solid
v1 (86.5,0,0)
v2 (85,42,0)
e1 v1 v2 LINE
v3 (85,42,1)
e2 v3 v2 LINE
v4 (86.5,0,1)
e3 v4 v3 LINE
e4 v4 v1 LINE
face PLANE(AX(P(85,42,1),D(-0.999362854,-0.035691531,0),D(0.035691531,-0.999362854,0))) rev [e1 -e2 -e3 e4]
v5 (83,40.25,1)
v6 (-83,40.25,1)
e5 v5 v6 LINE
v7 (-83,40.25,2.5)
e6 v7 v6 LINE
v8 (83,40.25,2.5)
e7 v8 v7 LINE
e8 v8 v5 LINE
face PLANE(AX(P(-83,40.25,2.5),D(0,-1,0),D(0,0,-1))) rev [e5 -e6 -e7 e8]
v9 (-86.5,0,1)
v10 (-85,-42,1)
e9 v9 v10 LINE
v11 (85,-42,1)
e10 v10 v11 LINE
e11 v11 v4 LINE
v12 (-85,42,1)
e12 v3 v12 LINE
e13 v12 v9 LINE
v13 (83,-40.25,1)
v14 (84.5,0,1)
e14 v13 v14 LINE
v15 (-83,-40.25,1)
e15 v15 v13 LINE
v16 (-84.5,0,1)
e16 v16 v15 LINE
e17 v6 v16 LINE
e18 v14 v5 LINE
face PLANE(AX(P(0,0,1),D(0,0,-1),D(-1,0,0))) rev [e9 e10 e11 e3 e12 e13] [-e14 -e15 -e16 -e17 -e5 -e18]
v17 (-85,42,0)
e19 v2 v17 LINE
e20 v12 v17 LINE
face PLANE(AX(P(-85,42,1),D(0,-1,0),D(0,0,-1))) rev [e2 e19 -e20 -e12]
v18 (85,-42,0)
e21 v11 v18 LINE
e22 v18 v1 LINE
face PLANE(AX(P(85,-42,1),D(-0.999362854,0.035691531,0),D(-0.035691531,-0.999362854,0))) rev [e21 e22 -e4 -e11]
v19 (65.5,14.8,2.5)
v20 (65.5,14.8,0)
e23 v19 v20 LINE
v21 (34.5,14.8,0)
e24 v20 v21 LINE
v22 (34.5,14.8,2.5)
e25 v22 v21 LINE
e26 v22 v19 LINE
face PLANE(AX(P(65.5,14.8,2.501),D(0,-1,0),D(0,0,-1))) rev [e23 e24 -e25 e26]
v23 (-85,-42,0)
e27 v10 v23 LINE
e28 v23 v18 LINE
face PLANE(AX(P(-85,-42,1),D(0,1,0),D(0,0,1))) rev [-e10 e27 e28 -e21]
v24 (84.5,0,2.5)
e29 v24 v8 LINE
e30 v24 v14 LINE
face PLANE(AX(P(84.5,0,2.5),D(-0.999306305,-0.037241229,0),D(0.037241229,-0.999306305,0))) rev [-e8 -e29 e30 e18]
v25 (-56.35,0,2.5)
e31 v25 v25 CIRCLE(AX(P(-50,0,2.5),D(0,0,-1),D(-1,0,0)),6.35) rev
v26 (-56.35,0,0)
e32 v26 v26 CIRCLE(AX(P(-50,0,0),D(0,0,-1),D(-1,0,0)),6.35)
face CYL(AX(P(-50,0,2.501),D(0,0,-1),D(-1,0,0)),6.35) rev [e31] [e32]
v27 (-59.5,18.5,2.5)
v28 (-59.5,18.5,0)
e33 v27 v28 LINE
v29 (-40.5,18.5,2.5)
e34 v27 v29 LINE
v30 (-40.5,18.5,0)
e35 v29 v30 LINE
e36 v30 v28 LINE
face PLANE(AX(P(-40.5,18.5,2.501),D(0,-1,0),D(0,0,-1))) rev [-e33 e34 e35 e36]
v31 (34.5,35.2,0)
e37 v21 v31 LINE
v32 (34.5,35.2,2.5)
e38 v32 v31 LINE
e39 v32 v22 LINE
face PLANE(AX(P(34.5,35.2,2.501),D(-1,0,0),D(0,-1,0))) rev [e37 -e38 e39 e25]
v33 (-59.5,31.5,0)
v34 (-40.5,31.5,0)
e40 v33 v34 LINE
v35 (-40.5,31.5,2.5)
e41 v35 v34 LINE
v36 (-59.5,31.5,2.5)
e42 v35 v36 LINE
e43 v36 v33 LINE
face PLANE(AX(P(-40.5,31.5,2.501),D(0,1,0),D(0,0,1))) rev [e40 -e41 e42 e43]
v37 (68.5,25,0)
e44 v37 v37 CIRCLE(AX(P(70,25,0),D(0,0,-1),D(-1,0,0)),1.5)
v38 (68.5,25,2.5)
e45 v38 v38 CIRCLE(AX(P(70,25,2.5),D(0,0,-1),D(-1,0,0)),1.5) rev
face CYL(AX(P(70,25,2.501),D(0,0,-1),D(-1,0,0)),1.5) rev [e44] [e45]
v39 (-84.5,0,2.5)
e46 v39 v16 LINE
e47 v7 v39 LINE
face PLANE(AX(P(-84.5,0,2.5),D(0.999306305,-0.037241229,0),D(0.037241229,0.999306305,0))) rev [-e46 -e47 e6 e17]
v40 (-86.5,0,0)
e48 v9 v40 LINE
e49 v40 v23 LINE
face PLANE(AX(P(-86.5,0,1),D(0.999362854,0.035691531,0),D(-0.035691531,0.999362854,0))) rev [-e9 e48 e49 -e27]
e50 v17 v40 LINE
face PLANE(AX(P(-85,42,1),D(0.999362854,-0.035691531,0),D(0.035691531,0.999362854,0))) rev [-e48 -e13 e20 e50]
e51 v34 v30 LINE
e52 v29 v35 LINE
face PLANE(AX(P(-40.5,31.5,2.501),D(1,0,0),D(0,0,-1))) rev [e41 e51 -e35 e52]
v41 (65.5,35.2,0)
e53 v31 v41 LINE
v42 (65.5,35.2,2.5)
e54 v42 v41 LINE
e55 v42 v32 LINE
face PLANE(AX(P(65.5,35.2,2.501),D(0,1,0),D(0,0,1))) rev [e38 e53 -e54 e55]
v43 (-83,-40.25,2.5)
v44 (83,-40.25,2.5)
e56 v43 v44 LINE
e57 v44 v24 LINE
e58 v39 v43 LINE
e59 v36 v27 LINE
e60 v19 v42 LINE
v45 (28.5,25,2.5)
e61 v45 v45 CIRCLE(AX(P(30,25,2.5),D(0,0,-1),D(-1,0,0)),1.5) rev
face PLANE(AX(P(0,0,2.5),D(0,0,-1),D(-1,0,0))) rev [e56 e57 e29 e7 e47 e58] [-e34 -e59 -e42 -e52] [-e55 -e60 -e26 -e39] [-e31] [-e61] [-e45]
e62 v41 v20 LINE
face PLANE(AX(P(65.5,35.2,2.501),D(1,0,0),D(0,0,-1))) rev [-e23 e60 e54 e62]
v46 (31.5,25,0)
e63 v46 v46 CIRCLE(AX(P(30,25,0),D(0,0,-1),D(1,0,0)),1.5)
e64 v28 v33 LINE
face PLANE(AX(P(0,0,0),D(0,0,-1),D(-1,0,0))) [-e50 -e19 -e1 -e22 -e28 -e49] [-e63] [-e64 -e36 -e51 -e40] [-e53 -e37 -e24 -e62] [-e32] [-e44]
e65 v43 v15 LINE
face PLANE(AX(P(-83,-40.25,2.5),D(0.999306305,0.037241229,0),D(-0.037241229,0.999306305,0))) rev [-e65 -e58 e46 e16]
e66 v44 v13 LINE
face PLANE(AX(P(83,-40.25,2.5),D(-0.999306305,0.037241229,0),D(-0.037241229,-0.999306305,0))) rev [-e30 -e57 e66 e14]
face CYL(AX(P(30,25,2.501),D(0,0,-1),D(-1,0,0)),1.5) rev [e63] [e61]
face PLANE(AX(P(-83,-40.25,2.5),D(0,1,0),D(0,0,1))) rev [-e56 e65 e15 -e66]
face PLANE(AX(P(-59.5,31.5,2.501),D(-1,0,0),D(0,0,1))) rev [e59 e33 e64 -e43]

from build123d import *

# Parameters (mm, degrees)
BOSS_EXTRUDE1_DEPTH = 1
BOSS_EXTRUDE2_DEPTH = 1.5
CUT_EXTRUDE1_REACH  = 98.19
SKETCH3_R           = 1.5
SKETCH3_R_2         = 6.35
SKETCH3_W           = 31
SKETCH3_H           = 20.4
SKETCH3_W_2         = 19
SKETCH3_H_2         = 13


with BuildPart() as part:
    # Sketch1 → Boss-Extrude1 (new body)
    with BuildSketch(Plane.XY):
        Polygon((-85, 42), (85, 42), (86.5, 0), (85, -42), (-85, -42), (-86.5, 0), align=None)
    extrude(amount=BOSS_EXTRUDE1_DEPTH)

    # Sketch2 → Boss-Extrude2 (add)
    with BuildSketch(Plane.XY.offset(1)):
        Polygon((-83, 40.25), (83, 40.25), (84.5, 0), (83, -40.25), (-83, -40.25), (-84.5, 0), align=None)
    extrude(amount=BOSS_EXTRUDE2_DEPTH)

    # Sketch3 → Cut-Extrude1 (cut, up to next)
    with BuildSketch(Plane(origin=(0, 0, 0), x_dir=(-1, 0, 0), z_dir=(0, 0, -1)), mode=Mode.PRIVATE) as cut_extrude1_sk1:
        with Locations((-70, 25)):
            Circle(SKETCH3_R)
    cut_extrude1_tool1 = extrude(cut_extrude1_sk1.sketch, amount=-CUT_EXTRUDE1_REACH, mode=Mode.PRIVATE) & part.part
    # Sketch3 → Cut-Extrude1 (cut, up to next)
    with BuildSketch(Plane(origin=(0, 0, 0), x_dir=(-1, 0, 0), z_dir=(0, 0, -1)), mode=Mode.PRIVATE) as cut_extrude1_sk2:
        with Locations((-30, 25)):
            Circle(SKETCH3_R)
    cut_extrude1_tool2 = extrude(cut_extrude1_sk2.sketch, amount=-CUT_EXTRUDE1_REACH, mode=Mode.PRIVATE) & part.part
    # Sketch3 → Cut-Extrude1 (cut, up to next)
    with BuildSketch(Plane(origin=(0, 0, 0), x_dir=(-1, 0, 0), z_dir=(0, 0, -1)), mode=Mode.PRIVATE) as cut_extrude1_sk3:
        with Locations((50, 0)):
            Circle(SKETCH3_R_2)
    cut_extrude1_tool3 = extrude(cut_extrude1_sk3.sketch, amount=-CUT_EXTRUDE1_REACH, mode=Mode.PRIVATE) & part.part
    # Sketch3 → Cut-Extrude1 (cut, up to next)
    with BuildSketch(Plane(origin=(0, 0, 0), x_dir=(-1, 0, 0), z_dir=(0, 0, -1)), mode=Mode.PRIVATE) as cut_extrude1_sk4:
        with Locations((-50, 25)):
            Rectangle(SKETCH3_W, SKETCH3_H)
    cut_extrude1_tool4 = extrude(cut_extrude1_sk4.sketch, amount=-CUT_EXTRUDE1_REACH, mode=Mode.PRIVATE) & part.part
    # Sketch3 → Cut-Extrude1 (cut, up to next)
    with BuildSketch(Plane(origin=(0, 0, 0), x_dir=(-1, 0, 0), z_dir=(0, 0, -1)), mode=Mode.PRIVATE) as cut_extrude1_sk5:
        with Locations((50, 25)):
            Rectangle(SKETCH3_W_2, SKETCH3_H_2)
    cut_extrude1_tool5 = extrude(cut_extrude1_sk5.sketch, amount=-CUT_EXTRUDE1_REACH, mode=Mode.PRIVATE) & part.part
    add(cut_extrude1_tool1.solids().sort_by_distance((70, 25, 0))[0], mode=Mode.SUBTRACT)
    add(cut_extrude1_tool2.solids().sort_by_distance((30, 25, 0))[0], mode=Mode.SUBTRACT)
    add(cut_extrude1_tool3.solids().sort_by_distance((-50, 0, 0))[0], mode=Mode.SUBTRACT)
    add(cut_extrude1_tool4.solids().sort_by_distance((50, 25, 0))[0], mode=Mode.SUBTRACT)
    add(cut_extrude1_tool5.solids().sort_by_distance((-50, 25, 0))[0], mode=Mode.SUBTRACT)


solid = part.part
